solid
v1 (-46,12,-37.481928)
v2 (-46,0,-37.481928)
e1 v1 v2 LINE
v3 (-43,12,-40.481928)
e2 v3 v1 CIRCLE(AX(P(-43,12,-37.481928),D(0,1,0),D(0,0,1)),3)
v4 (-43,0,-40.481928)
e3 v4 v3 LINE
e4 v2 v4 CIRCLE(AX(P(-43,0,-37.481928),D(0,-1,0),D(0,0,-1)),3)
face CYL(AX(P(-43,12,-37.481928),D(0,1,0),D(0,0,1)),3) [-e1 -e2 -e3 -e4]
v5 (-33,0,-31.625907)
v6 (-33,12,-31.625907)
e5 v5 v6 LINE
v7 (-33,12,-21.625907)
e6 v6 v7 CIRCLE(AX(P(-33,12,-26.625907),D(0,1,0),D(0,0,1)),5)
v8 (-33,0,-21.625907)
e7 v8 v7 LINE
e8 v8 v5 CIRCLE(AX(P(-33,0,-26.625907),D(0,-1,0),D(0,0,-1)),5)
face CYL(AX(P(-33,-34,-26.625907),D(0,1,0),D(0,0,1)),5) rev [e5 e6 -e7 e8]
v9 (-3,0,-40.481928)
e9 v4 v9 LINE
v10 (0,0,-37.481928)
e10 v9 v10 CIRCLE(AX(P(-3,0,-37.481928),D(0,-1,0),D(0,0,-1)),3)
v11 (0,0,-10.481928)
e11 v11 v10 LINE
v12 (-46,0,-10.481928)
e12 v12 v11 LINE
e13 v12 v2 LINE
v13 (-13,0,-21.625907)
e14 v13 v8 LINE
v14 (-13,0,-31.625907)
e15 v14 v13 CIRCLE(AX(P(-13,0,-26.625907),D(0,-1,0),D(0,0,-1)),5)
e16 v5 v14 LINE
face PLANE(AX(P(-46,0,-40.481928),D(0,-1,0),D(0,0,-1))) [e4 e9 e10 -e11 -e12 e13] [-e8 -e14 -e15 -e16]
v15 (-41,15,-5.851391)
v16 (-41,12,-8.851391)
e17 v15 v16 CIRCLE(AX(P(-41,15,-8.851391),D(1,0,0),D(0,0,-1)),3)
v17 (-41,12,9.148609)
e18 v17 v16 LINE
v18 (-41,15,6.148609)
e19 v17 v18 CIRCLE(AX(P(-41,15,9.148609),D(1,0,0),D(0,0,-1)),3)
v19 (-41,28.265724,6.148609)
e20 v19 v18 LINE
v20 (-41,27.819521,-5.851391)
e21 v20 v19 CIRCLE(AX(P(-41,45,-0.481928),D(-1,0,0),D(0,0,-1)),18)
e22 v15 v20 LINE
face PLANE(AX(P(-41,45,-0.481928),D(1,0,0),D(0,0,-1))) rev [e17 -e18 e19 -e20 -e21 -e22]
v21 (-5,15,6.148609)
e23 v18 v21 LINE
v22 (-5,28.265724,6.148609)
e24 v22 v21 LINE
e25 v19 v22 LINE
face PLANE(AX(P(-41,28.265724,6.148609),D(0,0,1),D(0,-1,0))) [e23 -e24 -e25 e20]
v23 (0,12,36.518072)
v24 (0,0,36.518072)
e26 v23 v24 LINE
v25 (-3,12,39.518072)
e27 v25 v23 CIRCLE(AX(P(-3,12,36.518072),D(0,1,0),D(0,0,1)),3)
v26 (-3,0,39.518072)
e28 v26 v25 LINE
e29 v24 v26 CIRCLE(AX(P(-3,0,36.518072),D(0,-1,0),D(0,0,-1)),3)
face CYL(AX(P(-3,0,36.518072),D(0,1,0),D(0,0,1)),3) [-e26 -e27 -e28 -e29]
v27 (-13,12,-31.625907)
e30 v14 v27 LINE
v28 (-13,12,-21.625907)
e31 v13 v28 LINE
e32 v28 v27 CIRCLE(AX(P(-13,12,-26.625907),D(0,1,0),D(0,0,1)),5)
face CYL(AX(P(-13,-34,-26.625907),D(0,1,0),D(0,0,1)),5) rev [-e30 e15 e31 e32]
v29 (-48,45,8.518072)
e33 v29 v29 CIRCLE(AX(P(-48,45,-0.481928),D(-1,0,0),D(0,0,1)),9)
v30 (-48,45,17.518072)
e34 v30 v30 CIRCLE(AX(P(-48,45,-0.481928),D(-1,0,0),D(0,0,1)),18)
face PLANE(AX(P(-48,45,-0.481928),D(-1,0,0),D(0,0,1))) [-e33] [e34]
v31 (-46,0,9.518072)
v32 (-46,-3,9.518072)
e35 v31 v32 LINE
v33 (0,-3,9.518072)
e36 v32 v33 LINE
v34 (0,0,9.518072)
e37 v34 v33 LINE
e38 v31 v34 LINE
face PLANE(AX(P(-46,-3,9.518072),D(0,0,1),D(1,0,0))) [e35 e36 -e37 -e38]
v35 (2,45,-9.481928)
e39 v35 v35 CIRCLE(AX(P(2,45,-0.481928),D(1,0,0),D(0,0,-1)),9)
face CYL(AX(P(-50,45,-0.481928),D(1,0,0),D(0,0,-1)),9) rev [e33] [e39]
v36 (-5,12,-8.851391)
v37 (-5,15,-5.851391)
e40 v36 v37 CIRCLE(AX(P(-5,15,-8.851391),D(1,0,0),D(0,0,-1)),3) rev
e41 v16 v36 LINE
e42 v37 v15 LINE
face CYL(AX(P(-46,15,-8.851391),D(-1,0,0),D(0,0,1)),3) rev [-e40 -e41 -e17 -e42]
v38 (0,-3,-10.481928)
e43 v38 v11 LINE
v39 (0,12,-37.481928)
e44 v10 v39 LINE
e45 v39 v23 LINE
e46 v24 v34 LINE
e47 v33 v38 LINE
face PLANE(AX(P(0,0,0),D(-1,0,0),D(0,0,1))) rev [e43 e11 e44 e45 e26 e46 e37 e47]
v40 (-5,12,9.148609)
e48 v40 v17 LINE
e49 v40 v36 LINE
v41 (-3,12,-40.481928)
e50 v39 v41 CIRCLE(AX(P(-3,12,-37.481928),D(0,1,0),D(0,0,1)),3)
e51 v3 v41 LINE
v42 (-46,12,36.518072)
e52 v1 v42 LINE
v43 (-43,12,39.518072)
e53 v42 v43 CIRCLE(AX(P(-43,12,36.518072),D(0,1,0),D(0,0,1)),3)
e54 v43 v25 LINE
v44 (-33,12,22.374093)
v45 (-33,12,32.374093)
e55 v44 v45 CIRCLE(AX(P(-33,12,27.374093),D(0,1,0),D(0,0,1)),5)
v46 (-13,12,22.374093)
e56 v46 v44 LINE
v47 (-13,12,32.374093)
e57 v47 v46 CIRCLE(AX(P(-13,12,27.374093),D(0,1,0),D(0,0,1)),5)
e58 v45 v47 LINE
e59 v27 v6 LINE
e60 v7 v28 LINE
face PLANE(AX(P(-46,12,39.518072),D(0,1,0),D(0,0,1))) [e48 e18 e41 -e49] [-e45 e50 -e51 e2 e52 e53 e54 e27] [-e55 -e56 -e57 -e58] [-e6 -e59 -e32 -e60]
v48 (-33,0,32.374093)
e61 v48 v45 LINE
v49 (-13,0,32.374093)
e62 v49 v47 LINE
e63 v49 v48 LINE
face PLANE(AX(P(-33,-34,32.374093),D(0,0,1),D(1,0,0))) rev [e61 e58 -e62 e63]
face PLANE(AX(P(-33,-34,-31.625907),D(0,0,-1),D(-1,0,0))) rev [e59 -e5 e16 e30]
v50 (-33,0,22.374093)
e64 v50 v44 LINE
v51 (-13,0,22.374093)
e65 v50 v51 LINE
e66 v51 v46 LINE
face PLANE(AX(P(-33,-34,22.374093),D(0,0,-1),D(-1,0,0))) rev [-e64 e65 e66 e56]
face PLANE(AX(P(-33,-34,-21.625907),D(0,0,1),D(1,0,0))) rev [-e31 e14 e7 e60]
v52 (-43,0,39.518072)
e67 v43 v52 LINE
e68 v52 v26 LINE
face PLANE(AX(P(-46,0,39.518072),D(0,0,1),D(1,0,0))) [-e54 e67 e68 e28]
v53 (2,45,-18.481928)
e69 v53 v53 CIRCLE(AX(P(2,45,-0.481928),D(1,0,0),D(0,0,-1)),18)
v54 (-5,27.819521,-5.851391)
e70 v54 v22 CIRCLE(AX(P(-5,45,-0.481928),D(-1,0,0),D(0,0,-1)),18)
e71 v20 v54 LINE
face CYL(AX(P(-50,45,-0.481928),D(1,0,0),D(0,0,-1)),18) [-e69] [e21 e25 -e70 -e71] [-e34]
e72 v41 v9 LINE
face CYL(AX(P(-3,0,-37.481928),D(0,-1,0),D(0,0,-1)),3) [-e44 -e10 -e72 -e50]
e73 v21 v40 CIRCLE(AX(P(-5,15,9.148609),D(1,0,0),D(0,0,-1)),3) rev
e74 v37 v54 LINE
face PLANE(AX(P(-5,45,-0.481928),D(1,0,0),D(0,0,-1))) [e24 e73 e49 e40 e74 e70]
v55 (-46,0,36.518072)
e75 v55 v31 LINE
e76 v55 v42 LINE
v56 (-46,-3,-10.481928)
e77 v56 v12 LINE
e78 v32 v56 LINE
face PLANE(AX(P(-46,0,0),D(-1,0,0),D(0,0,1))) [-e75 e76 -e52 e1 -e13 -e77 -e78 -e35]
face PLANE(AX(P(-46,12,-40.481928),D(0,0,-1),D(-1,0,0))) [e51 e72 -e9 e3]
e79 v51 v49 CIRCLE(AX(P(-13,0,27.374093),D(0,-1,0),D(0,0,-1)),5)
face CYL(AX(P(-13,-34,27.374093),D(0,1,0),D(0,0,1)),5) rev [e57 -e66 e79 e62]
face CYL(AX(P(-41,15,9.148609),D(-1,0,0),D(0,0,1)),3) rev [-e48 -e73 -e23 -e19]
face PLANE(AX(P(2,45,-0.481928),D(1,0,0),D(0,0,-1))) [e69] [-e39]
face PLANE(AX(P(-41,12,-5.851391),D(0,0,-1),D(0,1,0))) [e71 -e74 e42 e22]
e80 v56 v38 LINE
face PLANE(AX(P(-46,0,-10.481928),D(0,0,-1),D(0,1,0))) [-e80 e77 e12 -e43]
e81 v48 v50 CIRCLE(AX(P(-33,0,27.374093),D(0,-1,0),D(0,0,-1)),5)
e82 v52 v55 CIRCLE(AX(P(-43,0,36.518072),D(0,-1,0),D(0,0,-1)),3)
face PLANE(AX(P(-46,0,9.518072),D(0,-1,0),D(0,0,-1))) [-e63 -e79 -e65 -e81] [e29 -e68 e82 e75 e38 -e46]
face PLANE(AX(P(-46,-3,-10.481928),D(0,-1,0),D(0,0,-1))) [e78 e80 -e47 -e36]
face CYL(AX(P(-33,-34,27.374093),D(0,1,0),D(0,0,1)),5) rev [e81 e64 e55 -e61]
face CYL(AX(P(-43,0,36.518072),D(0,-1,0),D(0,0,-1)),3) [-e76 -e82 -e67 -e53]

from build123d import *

# Parameters (mm, degrees)
BOSS_EXTRUDE2_DEPTH = 46
FILLET1_R           = 3
CUT_EXTRUDE1_DEPTH  = 46
SKETCH5_R           = 18
SKETCH5_R_2         = 9
BOSS_EXTRUDE3_DEPTH = 50
SKETCH6_R           = 18
SKETCH6_R_2         = 9
BOSS_EXTRUDE4_DEPTH = 2
SKETCH7_R           = 18
SKETCH7_R_2         = 9
CUT_EXTRUDE2_DEPTH  = 2
BOSS_EXTRUDE5_DEPTH = 36
FILLET2_R           = 3


with BuildPart() as part:
    # Sketch3 → Boss-Extrude2 (new body)
    with BuildSketch(Plane(origin=(0, 0, 0), x_dir=(0, 0, -1), z_dir=(1, 0, 0))):
        Polygon((-39.518072289, 0), (-39.518072289, 12), (40.481927711, 12), (40.481927711, 0), (10.481927711, 0), (10.481927711, -3), (-9.518072289, -3), (-9.518072289, 0), align=None)
    extrude(amount=-BOSS_EXTRUDE2_DEPTH)

    # Fillet1
    fillet1_edges = [part.edges().sort_by_distance(p)[0] for p in [
        (-46, 6, -40.481927711),
        (-46, 6, 39.518072289),
        (0, 6, 39.518072289),
        (0, 6, -40.481927711),
    ]]
    fillet(fillet1_edges, radius=FILLET1_R)

    # Sketch4 → Cut-Extrude1 (cut)
    with BuildSketch(Plane(origin=(0, 12, 0), x_dir=(1, 0, 0), z_dir=(0, 1, 0))):
        with BuildLine():
            Line((-33, -22.374092955), (-13, -22.374092955))
            ThreePointArc((-13, -22.374092955), (-8, -27.374092955), (-13, -32.374092955))
            Line((-13, -32.374092955), (-33, -32.374092955))
            ThreePointArc((-33, -32.374092955), (-38, -27.374092955), (-33, -22.374092955))
        make_face()
        with BuildLine():
            Line((-33, 31.625907045), (-13, 31.625907045))
            ThreePointArc((-13, 31.625907045), (-8, 26.625907045), (-13, 21.625907045))
            Line((-13, 21.625907045), (-33, 21.625907045))
            ThreePointArc((-33, 21.625907045), (-38, 26.625907045), (-33, 31.625907045))
        make_face()
    extrude(amount=-CUT_EXTRUDE1_DEPTH, mode=Mode.SUBTRACT)



with BuildPart() as body_2:
    # Sketch5 → Boss-Extrude3 (new body)
    with BuildSketch(Plane(origin=(0, 0, 0), x_dir=(0, 0, -1), z_dir=(1, 0, 0))):
        with Locations((0.481927711, 45)):
            Circle(SKETCH5_R)
        with Locations((0.481927711, 45)):
            Circle(SKETCH5_R_2, mode=Mode.SUBTRACT)
    extrude(amount=-BOSS_EXTRUDE3_DEPTH)

    # Sketch6 → Boss-Extrude4 (add)
    with BuildSketch(Plane(origin=(0, 0, 0), x_dir=(0, 0, -1), z_dir=(1, 0, 0))):
        with Locations((0.481927711, 45)):
            Circle(SKETCH6_R)
        with Locations((0.481927711, 45)):
            Circle(SKETCH6_R_2, mode=Mode.SUBTRACT)
    extrude(amount=BOSS_EXTRUDE4_DEPTH)

    # Sketch7 → Cut-Extrude2 (cut)
    with BuildSketch(Plane.ZY.offset(50)):
        with Locations(Location((-0.481927711, 45, 0), (0, 0, 180))):
            Circle(SKETCH7_R)
        with Locations(Location((-0.481927711, 45, 0), (0, 0, 180))):
            Circle(SKETCH7_R_2, mode=Mode.SUBTRACT)
    extrude(amount=-CUT_EXTRUDE2_DEPTH, mode=Mode.SUBTRACT)


with BuildPart() as part_1:
    add(part.part)

    add(body_2.part)  # Boss-Extrude5 merges body 2
    # Sketch8 → Boss-Extrude5 (add)
    with BuildSketch(Plane(origin=(-5, 0, 0), x_dir=(0, 0, -1), z_dir=(1, 0, 0))):
        with BuildLine():
            Line((-6.148609037, 28.265724323), (-6.148609037, 12))
            Line((-6.148609037, 12), (5.851390963, 12))
            Line((5.851390963, 12), (5.851390963, 27.819520834))
            ThreePointArc((5.851390963, 27.819520834), (-0.186915304, 27.012430708), (-6.148609037, 28.265724323))
        make_face()
    extrude(amount=-BOSS_EXTRUDE5_DEPTH)

    # Fillet2
    fillet2_edges = [part_1.edges().sort_by_distance(p)[0] for p in [
        (-23, 12, -5.851390963),
        (-23, 12, 6.148609037),
    ]]
    fillet(fillet2_edges, radius=FILLET2_R)


solid = part_1.part
